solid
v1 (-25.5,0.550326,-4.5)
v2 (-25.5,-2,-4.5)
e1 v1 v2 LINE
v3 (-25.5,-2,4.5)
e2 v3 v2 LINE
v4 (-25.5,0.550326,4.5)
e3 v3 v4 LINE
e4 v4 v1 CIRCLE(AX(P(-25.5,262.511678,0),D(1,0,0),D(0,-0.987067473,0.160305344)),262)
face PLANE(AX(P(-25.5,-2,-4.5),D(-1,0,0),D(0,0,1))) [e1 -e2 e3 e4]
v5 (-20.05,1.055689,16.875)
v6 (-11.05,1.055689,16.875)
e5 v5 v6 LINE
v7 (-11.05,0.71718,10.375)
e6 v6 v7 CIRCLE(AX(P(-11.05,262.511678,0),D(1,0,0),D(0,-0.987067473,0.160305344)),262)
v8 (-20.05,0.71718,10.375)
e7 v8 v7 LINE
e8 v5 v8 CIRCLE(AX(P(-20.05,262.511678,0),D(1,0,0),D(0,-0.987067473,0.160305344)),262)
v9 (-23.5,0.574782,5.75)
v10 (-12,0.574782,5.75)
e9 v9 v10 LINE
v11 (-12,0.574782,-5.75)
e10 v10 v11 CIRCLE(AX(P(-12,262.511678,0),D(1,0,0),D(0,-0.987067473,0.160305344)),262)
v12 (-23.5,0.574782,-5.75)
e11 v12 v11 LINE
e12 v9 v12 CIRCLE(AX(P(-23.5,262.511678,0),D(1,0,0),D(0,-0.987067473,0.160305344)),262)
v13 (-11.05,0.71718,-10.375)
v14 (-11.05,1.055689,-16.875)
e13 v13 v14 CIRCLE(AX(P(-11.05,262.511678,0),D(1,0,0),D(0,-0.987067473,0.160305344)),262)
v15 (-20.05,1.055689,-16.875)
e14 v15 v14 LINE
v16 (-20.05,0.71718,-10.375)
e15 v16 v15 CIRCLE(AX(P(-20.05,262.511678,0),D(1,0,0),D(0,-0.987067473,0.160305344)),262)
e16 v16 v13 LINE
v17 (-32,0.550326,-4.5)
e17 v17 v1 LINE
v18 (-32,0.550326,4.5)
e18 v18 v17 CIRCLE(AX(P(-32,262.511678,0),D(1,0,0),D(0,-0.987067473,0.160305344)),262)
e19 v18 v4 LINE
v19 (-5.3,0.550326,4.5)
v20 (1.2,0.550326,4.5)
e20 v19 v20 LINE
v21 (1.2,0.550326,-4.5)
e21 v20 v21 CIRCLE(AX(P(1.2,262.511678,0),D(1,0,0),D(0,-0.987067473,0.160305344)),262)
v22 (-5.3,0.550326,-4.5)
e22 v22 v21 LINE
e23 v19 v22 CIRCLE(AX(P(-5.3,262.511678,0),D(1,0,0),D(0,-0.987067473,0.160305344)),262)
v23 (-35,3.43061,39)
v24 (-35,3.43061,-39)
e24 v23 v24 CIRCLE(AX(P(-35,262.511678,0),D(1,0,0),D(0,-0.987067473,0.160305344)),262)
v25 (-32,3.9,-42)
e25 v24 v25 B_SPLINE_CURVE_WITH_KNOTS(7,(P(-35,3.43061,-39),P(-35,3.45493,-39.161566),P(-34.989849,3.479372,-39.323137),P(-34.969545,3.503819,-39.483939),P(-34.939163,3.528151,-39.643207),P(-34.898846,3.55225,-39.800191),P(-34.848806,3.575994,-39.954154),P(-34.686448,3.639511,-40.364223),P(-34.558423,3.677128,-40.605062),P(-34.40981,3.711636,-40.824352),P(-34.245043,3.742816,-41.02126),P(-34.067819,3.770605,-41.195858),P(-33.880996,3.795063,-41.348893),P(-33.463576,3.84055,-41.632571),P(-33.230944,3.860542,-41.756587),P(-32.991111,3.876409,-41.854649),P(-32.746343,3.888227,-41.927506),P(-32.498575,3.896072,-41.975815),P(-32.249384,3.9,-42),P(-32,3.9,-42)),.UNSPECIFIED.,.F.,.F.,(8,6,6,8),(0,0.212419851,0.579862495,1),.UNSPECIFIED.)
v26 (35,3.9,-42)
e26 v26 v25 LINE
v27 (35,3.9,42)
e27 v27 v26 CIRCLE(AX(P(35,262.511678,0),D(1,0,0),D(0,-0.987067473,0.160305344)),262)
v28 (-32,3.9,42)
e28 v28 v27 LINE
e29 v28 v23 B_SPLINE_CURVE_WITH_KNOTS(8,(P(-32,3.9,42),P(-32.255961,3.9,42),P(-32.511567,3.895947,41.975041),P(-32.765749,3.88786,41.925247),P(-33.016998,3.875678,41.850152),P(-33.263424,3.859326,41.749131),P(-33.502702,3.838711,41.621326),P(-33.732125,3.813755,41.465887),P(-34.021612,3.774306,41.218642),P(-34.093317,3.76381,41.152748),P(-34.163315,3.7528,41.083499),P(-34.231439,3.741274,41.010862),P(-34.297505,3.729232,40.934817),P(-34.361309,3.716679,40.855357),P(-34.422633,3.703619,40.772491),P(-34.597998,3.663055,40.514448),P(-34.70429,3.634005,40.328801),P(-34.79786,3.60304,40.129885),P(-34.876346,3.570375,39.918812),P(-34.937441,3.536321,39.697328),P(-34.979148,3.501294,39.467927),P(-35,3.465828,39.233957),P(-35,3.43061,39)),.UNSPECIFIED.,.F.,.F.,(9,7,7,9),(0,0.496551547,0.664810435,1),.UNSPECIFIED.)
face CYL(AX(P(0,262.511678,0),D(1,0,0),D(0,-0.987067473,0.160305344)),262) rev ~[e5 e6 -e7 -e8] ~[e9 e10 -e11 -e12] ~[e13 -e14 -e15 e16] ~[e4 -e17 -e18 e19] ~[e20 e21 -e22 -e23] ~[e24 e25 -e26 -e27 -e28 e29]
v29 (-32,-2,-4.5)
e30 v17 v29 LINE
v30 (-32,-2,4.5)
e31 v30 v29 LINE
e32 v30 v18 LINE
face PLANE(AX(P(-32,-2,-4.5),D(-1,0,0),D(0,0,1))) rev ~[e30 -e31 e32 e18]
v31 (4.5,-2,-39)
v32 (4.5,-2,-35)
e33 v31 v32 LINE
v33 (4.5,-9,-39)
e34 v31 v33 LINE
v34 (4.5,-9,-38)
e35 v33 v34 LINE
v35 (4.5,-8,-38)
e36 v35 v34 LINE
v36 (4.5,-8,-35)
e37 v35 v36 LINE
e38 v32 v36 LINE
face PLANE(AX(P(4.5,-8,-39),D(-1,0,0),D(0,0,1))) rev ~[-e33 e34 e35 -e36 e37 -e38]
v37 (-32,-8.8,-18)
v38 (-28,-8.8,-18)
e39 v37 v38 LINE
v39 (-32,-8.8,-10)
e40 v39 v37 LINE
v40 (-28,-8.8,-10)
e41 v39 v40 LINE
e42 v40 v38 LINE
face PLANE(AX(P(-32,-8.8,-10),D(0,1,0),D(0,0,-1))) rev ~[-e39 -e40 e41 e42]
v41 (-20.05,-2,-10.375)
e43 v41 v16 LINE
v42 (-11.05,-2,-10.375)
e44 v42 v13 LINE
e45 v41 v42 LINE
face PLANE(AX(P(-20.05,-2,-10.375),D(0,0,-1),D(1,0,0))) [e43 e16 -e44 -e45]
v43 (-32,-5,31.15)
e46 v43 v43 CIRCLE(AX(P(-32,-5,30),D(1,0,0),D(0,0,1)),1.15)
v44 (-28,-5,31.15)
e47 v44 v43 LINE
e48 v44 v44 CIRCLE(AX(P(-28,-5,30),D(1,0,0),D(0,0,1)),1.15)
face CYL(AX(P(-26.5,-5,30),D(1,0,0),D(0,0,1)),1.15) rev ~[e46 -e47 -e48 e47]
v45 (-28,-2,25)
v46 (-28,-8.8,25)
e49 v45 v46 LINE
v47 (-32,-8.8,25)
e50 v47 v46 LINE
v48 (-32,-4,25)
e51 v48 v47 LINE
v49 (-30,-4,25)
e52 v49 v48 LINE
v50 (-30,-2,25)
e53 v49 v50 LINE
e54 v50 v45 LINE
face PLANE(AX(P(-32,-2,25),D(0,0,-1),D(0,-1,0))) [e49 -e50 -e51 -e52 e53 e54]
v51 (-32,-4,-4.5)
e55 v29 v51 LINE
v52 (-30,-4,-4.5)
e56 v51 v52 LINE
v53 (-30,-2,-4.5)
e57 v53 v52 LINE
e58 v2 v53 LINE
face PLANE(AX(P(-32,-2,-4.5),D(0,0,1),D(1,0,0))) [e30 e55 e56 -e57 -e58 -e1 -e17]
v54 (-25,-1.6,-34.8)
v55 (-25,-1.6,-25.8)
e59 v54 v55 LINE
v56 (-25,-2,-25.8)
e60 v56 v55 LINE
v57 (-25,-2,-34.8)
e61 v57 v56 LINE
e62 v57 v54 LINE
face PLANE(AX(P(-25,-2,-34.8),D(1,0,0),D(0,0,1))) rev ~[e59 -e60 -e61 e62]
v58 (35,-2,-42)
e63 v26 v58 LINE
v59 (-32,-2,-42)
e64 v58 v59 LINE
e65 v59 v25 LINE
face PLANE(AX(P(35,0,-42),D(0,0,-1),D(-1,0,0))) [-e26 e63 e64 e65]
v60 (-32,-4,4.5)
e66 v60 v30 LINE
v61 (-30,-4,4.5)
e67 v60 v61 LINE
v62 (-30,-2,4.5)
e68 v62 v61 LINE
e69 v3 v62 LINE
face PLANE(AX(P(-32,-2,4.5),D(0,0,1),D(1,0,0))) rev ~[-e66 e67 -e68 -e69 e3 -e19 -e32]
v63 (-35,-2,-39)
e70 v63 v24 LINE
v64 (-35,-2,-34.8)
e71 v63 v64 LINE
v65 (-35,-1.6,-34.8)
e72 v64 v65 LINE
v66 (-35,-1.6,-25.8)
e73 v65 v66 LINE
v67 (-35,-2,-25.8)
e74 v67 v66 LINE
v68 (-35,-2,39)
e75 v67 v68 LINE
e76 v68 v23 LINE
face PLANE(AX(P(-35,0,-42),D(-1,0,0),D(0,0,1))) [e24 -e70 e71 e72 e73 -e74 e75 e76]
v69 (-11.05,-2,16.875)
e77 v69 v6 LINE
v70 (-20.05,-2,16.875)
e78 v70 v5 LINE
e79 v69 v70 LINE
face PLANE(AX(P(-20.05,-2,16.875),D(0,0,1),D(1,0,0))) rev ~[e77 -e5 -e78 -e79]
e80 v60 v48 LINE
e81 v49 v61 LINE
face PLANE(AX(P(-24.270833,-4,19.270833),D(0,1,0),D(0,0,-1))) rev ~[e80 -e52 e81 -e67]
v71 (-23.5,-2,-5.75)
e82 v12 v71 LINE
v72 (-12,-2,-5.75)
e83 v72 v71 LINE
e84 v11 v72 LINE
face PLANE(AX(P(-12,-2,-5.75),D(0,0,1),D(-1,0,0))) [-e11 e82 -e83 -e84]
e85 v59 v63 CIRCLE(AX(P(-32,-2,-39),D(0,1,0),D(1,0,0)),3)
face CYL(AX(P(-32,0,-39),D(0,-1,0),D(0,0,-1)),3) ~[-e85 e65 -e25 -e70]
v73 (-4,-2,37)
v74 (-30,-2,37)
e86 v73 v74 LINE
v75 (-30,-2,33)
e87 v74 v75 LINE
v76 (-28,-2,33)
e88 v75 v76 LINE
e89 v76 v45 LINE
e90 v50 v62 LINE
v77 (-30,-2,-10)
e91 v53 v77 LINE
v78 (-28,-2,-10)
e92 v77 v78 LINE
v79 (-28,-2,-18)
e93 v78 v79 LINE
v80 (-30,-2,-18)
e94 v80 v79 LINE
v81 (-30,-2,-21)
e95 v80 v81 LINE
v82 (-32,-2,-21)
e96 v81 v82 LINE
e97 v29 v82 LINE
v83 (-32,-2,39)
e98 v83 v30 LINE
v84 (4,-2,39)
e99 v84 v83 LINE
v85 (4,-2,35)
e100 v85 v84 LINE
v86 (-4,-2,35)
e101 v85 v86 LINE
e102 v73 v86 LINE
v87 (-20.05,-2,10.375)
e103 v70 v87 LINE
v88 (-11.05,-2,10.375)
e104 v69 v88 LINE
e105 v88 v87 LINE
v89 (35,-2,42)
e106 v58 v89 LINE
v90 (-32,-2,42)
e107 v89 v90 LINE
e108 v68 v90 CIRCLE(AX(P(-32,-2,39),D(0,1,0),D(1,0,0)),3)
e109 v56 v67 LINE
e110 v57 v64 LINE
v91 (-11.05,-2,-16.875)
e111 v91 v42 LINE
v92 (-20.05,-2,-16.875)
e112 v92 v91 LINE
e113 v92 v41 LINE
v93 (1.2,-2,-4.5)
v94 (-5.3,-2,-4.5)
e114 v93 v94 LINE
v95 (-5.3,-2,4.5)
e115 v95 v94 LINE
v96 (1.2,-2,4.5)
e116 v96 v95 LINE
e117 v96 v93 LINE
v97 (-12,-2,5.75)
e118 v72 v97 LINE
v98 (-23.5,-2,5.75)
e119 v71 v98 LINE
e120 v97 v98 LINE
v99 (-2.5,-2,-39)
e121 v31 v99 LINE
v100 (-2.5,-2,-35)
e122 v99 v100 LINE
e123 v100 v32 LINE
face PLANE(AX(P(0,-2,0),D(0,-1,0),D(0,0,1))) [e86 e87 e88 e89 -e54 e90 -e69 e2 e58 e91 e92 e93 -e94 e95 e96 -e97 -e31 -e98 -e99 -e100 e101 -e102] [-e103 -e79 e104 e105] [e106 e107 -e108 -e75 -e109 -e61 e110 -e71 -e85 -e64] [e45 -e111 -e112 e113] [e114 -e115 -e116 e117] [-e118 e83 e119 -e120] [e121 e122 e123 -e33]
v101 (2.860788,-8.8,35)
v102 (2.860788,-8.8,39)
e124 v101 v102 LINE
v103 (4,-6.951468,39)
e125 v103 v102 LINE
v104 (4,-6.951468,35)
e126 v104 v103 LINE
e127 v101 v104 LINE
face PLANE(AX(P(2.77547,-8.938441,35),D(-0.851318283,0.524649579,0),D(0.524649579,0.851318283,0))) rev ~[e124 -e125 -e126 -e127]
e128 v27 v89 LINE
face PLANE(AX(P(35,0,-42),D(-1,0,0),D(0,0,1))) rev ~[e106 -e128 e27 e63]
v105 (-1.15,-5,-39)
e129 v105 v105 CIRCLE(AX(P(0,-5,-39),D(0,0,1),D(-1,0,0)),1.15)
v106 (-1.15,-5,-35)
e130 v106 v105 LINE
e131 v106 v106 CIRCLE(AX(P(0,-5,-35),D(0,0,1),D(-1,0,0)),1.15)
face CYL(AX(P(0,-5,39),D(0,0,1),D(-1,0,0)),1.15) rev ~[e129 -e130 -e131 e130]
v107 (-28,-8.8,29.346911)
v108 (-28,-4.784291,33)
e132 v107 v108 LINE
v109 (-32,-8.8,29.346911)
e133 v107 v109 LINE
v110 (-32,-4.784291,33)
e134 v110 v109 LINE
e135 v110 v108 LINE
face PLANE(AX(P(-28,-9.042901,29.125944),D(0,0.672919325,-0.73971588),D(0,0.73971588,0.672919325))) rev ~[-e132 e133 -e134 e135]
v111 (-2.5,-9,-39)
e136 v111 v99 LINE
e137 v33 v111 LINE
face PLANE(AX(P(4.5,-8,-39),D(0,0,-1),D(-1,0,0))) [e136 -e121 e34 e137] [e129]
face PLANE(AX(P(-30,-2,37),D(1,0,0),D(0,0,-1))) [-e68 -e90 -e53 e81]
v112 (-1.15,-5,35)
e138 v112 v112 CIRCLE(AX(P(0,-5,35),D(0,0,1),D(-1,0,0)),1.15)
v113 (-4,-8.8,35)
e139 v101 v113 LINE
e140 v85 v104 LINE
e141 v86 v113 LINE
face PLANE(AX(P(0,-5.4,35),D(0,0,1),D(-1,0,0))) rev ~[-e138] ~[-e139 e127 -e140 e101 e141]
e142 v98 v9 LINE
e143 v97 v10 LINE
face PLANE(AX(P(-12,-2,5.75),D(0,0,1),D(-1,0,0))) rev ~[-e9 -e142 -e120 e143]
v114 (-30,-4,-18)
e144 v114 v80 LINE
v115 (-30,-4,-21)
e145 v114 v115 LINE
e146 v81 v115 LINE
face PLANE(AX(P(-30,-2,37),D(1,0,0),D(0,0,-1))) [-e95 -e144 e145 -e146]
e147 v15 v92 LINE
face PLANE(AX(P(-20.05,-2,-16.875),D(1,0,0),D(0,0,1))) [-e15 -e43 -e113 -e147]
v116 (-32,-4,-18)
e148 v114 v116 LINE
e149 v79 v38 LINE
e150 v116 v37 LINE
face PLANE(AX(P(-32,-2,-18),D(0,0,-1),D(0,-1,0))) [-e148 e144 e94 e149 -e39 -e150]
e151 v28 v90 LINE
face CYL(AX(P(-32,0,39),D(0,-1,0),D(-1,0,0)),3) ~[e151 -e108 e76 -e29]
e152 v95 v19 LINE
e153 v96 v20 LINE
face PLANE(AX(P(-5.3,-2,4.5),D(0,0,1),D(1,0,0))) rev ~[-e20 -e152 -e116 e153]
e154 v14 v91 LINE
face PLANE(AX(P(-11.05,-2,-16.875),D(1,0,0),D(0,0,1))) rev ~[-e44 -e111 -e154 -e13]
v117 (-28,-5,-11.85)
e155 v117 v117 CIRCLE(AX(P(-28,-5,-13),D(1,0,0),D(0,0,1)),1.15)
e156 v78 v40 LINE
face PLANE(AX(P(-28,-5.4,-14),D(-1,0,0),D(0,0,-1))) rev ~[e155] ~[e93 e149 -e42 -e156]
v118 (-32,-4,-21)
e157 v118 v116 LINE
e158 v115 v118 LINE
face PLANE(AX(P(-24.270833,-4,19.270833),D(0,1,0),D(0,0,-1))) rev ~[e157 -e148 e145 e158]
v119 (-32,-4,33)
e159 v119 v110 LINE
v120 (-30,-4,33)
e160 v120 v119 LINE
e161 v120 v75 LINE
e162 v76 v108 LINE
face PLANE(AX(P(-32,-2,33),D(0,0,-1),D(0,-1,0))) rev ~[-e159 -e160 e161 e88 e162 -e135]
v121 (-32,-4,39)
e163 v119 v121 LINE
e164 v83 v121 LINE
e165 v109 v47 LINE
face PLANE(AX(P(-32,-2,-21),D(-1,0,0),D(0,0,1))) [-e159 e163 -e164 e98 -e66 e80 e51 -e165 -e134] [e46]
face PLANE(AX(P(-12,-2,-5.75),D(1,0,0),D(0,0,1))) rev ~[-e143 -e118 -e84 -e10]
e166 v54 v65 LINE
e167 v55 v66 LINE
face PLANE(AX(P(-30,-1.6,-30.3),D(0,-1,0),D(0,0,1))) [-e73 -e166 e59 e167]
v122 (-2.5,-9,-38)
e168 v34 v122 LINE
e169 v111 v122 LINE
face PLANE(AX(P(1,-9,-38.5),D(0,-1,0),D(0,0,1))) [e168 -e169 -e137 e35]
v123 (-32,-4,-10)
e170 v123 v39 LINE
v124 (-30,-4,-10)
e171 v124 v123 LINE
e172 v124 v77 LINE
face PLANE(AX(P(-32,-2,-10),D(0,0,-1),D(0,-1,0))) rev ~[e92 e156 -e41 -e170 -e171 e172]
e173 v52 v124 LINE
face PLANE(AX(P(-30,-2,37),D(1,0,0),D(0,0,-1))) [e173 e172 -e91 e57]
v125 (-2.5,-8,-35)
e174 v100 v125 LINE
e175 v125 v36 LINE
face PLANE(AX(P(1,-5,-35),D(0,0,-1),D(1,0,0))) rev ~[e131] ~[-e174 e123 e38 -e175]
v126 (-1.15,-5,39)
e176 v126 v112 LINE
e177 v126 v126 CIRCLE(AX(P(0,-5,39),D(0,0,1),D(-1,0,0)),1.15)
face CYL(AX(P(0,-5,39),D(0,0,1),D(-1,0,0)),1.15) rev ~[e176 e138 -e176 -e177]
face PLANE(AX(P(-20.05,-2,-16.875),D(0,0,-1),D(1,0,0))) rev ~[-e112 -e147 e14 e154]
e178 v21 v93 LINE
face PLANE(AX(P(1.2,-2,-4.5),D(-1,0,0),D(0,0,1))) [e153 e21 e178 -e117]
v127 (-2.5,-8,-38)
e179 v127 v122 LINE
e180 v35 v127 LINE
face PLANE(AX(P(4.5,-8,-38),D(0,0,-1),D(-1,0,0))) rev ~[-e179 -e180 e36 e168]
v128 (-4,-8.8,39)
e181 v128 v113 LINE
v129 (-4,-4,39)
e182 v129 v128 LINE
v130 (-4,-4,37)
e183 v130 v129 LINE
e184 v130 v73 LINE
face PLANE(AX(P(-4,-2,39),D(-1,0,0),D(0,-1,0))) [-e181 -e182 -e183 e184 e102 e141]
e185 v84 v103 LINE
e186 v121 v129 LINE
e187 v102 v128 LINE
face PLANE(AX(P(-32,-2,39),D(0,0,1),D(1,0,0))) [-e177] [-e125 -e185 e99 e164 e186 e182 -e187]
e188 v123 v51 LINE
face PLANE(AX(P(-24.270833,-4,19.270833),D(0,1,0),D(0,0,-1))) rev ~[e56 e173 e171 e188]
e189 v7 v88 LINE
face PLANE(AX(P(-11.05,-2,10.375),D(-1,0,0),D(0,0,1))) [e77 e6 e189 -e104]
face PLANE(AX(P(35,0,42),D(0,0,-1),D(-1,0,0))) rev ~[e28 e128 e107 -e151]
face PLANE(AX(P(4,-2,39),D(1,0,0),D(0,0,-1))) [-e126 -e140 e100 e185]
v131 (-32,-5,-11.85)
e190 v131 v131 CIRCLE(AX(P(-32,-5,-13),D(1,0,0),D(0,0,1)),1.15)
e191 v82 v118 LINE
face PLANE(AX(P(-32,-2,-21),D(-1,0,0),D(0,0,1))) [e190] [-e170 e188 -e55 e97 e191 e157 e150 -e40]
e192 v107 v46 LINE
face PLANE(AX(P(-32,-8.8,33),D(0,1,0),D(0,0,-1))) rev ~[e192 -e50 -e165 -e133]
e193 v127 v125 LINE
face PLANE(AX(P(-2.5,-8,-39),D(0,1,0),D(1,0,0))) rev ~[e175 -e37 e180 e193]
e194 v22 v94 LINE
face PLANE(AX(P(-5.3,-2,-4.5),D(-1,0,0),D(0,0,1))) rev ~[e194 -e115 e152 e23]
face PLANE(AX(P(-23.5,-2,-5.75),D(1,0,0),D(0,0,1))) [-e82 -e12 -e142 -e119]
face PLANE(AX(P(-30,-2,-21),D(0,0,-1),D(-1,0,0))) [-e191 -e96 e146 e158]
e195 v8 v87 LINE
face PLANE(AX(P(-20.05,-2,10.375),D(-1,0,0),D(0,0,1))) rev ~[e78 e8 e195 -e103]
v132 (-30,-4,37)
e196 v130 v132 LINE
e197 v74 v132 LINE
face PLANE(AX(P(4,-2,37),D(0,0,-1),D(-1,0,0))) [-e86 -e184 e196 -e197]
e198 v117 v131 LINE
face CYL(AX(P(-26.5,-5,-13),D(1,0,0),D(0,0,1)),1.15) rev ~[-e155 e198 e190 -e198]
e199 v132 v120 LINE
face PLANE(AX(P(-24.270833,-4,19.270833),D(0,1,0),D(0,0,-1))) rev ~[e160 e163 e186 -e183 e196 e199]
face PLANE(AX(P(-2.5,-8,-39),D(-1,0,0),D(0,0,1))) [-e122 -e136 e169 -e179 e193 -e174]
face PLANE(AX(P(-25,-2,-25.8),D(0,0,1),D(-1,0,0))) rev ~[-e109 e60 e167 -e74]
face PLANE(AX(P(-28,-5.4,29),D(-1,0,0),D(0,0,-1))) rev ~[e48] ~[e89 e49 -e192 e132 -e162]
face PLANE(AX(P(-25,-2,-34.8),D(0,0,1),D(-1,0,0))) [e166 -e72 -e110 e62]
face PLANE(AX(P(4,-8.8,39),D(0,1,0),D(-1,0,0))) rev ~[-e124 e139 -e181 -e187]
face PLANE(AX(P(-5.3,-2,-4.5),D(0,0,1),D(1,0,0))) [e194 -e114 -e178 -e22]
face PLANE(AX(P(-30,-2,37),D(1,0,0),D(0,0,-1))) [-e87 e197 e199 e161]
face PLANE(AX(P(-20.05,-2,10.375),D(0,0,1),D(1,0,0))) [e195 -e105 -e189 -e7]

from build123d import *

# Parameters (mm, degrees)
SKETCH009_W             = 84
SKETCH009_H             = 70
PAD002_DEPTH            = 2
SKETCH010_W             = 2
SKETCH010_H             = 7
PAD003_DEPTH            = 2
SKETCH012_W             = 8
SKETCH012_H             = 6.8
PAD004_DEPTH            = 4
SKETCH013_W             = 7
SKETCH013_H             = 6
PAD005_DEPTH            = 4
SKETCH011_W             = 8
SKETCH011_H             = 6.8
PAD006_DEPTH            = 4
SKETCH014_R             = 1.15
POCKET002_DEPTH         = 81.001
SKETCH016_R             = 1.15
POCKET003_DEPTH         = 8.501
SKETCH018_W             = 11.5
SKETCH018_H             = 11.5
POCKET004_DEPTH         = 5
POCKET005_DEPTH         = 5
POCKET006_DEPTH         = 5
SKETCH021_W             = 1
SKETCH021_H             = 7
PAD007_DEPTH            = 1
SKETCH022_W             = 9
SKETCH022_H             = 10
POCKET007_DEPTH         = 0.4
FILLET_R                = 3
BODY002_PITCH_ANGLE     = -90
BODY002_PLACEMENT_ANGLE = 90
PAD001_DEPTH            = 35
SKETCH007_W             = 11.5
SKETCH007_H             = 11.5
POCKET001_DEPTH         = 13
FILLET001_R             = 3
SKETCH025_W             = 6.5
SKETCH025_H             = 9
SKETCH025_W_2           = 9
SKETCH025_H_2           = 6.5
POCKET008_DEPTH         = 8


with BuildPart() as back:
    # Sketch009 → Pad002 (new body)
    with BuildSketch(Plane.XY):
        Rectangle(SKETCH009_W, SKETCH009_H)
    extrude(amount=PAD002_DEPTH)

    # Sketch010 (on Face6 of Pad002) → Pad003 (join)
    with BuildSketch(Plane.XY.offset(2)):
        with Locations((-38, -1)):
            Rectangle(SKETCH010_W, SKETCH010_H)
        Polygon((-21, 32), (39, 32), (39, -4), (37, -4), (37, 30), (-21, 30), align=None)
    extrude(amount=PAD003_DEPTH)

    # Sketch012 (on Face15 of Pad003) → Pad004 (join)
    with BuildSketch(Plane.YZ.offset(39)):
        with Locations((0, 5.4)):
            Rectangle(SKETCH012_W, SKETCH012_H)
    extrude(amount=-PAD004_DEPTH)

    # Sketch013 (on Face9 of Pad004) → Pad005 (join)
    with BuildSketch(Plane(origin=(-39, 0, 0), x_dir=(0, -1, 0), z_dir=(-1, 0, 0))):
        with Locations((1, 5)):
            Rectangle(SKETCH013_W, SKETCH013_H)
    extrude(amount=-PAD005_DEPTH)

    # Sketch011 (on Face16 of Pad003) → Pad006 (join)
    with BuildSketch(Plane(origin=(0, 32, 0), x_dir=(-1, 0, 0), z_dir=(0, 1, 0))):
        with Locations((-29, 5.4)):
            Rectangle(SKETCH011_W, SKETCH011_H)
        with Locations((14, 5.4)):
            Rectangle(SKETCH011_W, SKETCH011_H)
    extrude(amount=-PAD006_DEPTH)

    # Sketch014 (on Face44 of Pad006) → Pocket002 (cut, through all)
    with BuildSketch(Plane.YZ.offset(39)):
        with Locations((0, 5)):
            Circle(SKETCH014_R)
    extrude(amount=-POCKET002_DEPTH, mode=Mode.SUBTRACT)

    # Sketch016 → Pocket003 (cut, through all)
    with BuildSketch(Plane.XZ.offset(-26.5)):
        with Locations((-13, 5)):
            Circle(SKETCH016_R)
        with Locations((30, 5)):
            Circle(SKETCH016_R)
    extrude(amount=-POCKET003_DEPTH, mode=Mode.SUBTRACT)

    # Sketch018 (on Face5 of Pocket003) → Pocket004 (cut)
    with BuildSketch(Plane.XY.offset(2)):
        with Locations((0, 17.75)):
            Rectangle(SKETCH018_W, SKETCH018_H)
    extrude(amount=-POCKET004_DEPTH, mode=Mode.SUBTRACT)

    # Sketch019 (on Face31 of Pocket004) → Pocket005 (cut)
    with BuildSketch(Plane.XZ.offset(-28)):
        Polygon((29.125944, 9.042901), (33.258869, 4.499726), (33.258869, 9.042901), align=None)
    extrude(amount=-POCKET005_DEPTH, mode=Mode.SUBTRACT)

    # Sketch020 (on Face36 of Pocket005) → Pocket006 (cut)
    with BuildSketch(Plane(origin=(35, 0, 0), x_dir=(0, -1, 0), z_dir=(-1, 0, 0))):
        Polygon((2.77547, 8.938441), (6.386171, 3.079567), (6.386171, 8.938441), align=None)
    extrude(amount=-POCKET006_DEPTH, mode=Mode.SUBTRACT)

    # Sketch021 (on Face40 of Pocket006) → Pad007 (join)
    with BuildSketch(Plane.XY.offset(8)):
        with Locations((-38.5, -1)):
            Rectangle(SKETCH021_W, SKETCH021_H)
    extrude(amount=PAD007_DEPTH)

    # Sketch022 (on Face5 of Pocket005) → Pocket007 (cut)
    with BuildSketch(Plane.XY.offset(2)):
        with Locations((-30.3, 30)):
            Rectangle(SKETCH022_W, SKETCH022_H)
    extrude(amount=-POCKET007_DEPTH, mode=Mode.SUBTRACT)

    # Fillet
    fillet_edges = [back.edges().sort_by_distance(p)[0] for p in [
        (42, 35, 1),
        (-42, 35, 1),
    ]]
    fillet(fillet_edges, radius=FILLET_R)


with BuildPart() as back_1:
    # Body002 pitch: moved
    add(back.part.rotate(Axis((0, 0, 0), (0, 1, 0)), BODY002_PITCH_ANGLE))


with BuildPart() as back_2:
    # Body002 placement: moved
    add(back_1.part.rotate(Axis((0, 0, 0), (0, 0, 1)), BODY002_PLACEMENT_ANGLE))


with BuildPart() as curve:
    # Sketch006 → Pad001 (new body, symmetric)
    with BuildSketch(Plane(origin=(0, 0, 0), x_dir=(0, 0, -1), z_dir=(1, 0, 0))):
        with BuildLine():
            ThreePointArc((-42, 3.9), (0, 0.511678), (42, 3.9))
            Line((42, -0.1), (42, 3.9))
            Line((-42, -0.1), (42, -0.1))
            Line((-42, 3.9), (-42, -0.1))
        make_face()
    extrude(amount=PAD001_DEPTH, both=True)

    # Sketch007 (on Face3 of Pad001) → Pocket001 (cut)
    with BuildSketch(Plane.XZ.offset(0.1)):
        with Locations((-17.75, 0)):
            Rectangle(SKETCH007_W, SKETCH007_H)
    extrude(amount=-POCKET001_DEPTH, mode=Mode.SUBTRACT)

    # Fillet001
    fillet001_edges = [curve.edges().sort_by_distance(p)[0] for p in [
        (-35, 1.9, -42),
        (-35, 1.9, 42),
    ]]
    fillet(fillet001_edges, radius=FILLET001_R)

    # Boolean: union Back
    add(back_2.part)

    # Sketch025 (on Face32 of Boolean) → Pocket008 (cut, symmetric)
    with BuildSketch(Plane.XZ.offset(2)):
        with Locations((-28.75, 0)):
            Rectangle(SKETCH025_W, SKETCH025_H)
        with Locations((-15.55, 13.625)):
            Rectangle(SKETCH025_W_2, SKETCH025_H_2)
        with Locations((-2.05, 0)):
            Rectangle(SKETCH025_W, SKETCH025_H)
        with Locations((-15.55, -13.625)):
            Rectangle(SKETCH025_W_2, SKETCH025_H_2)
    extrude(amount=POCKET008_DEPTH, both=True, mode=Mode.SUBTRACT)


solid = curve.part
